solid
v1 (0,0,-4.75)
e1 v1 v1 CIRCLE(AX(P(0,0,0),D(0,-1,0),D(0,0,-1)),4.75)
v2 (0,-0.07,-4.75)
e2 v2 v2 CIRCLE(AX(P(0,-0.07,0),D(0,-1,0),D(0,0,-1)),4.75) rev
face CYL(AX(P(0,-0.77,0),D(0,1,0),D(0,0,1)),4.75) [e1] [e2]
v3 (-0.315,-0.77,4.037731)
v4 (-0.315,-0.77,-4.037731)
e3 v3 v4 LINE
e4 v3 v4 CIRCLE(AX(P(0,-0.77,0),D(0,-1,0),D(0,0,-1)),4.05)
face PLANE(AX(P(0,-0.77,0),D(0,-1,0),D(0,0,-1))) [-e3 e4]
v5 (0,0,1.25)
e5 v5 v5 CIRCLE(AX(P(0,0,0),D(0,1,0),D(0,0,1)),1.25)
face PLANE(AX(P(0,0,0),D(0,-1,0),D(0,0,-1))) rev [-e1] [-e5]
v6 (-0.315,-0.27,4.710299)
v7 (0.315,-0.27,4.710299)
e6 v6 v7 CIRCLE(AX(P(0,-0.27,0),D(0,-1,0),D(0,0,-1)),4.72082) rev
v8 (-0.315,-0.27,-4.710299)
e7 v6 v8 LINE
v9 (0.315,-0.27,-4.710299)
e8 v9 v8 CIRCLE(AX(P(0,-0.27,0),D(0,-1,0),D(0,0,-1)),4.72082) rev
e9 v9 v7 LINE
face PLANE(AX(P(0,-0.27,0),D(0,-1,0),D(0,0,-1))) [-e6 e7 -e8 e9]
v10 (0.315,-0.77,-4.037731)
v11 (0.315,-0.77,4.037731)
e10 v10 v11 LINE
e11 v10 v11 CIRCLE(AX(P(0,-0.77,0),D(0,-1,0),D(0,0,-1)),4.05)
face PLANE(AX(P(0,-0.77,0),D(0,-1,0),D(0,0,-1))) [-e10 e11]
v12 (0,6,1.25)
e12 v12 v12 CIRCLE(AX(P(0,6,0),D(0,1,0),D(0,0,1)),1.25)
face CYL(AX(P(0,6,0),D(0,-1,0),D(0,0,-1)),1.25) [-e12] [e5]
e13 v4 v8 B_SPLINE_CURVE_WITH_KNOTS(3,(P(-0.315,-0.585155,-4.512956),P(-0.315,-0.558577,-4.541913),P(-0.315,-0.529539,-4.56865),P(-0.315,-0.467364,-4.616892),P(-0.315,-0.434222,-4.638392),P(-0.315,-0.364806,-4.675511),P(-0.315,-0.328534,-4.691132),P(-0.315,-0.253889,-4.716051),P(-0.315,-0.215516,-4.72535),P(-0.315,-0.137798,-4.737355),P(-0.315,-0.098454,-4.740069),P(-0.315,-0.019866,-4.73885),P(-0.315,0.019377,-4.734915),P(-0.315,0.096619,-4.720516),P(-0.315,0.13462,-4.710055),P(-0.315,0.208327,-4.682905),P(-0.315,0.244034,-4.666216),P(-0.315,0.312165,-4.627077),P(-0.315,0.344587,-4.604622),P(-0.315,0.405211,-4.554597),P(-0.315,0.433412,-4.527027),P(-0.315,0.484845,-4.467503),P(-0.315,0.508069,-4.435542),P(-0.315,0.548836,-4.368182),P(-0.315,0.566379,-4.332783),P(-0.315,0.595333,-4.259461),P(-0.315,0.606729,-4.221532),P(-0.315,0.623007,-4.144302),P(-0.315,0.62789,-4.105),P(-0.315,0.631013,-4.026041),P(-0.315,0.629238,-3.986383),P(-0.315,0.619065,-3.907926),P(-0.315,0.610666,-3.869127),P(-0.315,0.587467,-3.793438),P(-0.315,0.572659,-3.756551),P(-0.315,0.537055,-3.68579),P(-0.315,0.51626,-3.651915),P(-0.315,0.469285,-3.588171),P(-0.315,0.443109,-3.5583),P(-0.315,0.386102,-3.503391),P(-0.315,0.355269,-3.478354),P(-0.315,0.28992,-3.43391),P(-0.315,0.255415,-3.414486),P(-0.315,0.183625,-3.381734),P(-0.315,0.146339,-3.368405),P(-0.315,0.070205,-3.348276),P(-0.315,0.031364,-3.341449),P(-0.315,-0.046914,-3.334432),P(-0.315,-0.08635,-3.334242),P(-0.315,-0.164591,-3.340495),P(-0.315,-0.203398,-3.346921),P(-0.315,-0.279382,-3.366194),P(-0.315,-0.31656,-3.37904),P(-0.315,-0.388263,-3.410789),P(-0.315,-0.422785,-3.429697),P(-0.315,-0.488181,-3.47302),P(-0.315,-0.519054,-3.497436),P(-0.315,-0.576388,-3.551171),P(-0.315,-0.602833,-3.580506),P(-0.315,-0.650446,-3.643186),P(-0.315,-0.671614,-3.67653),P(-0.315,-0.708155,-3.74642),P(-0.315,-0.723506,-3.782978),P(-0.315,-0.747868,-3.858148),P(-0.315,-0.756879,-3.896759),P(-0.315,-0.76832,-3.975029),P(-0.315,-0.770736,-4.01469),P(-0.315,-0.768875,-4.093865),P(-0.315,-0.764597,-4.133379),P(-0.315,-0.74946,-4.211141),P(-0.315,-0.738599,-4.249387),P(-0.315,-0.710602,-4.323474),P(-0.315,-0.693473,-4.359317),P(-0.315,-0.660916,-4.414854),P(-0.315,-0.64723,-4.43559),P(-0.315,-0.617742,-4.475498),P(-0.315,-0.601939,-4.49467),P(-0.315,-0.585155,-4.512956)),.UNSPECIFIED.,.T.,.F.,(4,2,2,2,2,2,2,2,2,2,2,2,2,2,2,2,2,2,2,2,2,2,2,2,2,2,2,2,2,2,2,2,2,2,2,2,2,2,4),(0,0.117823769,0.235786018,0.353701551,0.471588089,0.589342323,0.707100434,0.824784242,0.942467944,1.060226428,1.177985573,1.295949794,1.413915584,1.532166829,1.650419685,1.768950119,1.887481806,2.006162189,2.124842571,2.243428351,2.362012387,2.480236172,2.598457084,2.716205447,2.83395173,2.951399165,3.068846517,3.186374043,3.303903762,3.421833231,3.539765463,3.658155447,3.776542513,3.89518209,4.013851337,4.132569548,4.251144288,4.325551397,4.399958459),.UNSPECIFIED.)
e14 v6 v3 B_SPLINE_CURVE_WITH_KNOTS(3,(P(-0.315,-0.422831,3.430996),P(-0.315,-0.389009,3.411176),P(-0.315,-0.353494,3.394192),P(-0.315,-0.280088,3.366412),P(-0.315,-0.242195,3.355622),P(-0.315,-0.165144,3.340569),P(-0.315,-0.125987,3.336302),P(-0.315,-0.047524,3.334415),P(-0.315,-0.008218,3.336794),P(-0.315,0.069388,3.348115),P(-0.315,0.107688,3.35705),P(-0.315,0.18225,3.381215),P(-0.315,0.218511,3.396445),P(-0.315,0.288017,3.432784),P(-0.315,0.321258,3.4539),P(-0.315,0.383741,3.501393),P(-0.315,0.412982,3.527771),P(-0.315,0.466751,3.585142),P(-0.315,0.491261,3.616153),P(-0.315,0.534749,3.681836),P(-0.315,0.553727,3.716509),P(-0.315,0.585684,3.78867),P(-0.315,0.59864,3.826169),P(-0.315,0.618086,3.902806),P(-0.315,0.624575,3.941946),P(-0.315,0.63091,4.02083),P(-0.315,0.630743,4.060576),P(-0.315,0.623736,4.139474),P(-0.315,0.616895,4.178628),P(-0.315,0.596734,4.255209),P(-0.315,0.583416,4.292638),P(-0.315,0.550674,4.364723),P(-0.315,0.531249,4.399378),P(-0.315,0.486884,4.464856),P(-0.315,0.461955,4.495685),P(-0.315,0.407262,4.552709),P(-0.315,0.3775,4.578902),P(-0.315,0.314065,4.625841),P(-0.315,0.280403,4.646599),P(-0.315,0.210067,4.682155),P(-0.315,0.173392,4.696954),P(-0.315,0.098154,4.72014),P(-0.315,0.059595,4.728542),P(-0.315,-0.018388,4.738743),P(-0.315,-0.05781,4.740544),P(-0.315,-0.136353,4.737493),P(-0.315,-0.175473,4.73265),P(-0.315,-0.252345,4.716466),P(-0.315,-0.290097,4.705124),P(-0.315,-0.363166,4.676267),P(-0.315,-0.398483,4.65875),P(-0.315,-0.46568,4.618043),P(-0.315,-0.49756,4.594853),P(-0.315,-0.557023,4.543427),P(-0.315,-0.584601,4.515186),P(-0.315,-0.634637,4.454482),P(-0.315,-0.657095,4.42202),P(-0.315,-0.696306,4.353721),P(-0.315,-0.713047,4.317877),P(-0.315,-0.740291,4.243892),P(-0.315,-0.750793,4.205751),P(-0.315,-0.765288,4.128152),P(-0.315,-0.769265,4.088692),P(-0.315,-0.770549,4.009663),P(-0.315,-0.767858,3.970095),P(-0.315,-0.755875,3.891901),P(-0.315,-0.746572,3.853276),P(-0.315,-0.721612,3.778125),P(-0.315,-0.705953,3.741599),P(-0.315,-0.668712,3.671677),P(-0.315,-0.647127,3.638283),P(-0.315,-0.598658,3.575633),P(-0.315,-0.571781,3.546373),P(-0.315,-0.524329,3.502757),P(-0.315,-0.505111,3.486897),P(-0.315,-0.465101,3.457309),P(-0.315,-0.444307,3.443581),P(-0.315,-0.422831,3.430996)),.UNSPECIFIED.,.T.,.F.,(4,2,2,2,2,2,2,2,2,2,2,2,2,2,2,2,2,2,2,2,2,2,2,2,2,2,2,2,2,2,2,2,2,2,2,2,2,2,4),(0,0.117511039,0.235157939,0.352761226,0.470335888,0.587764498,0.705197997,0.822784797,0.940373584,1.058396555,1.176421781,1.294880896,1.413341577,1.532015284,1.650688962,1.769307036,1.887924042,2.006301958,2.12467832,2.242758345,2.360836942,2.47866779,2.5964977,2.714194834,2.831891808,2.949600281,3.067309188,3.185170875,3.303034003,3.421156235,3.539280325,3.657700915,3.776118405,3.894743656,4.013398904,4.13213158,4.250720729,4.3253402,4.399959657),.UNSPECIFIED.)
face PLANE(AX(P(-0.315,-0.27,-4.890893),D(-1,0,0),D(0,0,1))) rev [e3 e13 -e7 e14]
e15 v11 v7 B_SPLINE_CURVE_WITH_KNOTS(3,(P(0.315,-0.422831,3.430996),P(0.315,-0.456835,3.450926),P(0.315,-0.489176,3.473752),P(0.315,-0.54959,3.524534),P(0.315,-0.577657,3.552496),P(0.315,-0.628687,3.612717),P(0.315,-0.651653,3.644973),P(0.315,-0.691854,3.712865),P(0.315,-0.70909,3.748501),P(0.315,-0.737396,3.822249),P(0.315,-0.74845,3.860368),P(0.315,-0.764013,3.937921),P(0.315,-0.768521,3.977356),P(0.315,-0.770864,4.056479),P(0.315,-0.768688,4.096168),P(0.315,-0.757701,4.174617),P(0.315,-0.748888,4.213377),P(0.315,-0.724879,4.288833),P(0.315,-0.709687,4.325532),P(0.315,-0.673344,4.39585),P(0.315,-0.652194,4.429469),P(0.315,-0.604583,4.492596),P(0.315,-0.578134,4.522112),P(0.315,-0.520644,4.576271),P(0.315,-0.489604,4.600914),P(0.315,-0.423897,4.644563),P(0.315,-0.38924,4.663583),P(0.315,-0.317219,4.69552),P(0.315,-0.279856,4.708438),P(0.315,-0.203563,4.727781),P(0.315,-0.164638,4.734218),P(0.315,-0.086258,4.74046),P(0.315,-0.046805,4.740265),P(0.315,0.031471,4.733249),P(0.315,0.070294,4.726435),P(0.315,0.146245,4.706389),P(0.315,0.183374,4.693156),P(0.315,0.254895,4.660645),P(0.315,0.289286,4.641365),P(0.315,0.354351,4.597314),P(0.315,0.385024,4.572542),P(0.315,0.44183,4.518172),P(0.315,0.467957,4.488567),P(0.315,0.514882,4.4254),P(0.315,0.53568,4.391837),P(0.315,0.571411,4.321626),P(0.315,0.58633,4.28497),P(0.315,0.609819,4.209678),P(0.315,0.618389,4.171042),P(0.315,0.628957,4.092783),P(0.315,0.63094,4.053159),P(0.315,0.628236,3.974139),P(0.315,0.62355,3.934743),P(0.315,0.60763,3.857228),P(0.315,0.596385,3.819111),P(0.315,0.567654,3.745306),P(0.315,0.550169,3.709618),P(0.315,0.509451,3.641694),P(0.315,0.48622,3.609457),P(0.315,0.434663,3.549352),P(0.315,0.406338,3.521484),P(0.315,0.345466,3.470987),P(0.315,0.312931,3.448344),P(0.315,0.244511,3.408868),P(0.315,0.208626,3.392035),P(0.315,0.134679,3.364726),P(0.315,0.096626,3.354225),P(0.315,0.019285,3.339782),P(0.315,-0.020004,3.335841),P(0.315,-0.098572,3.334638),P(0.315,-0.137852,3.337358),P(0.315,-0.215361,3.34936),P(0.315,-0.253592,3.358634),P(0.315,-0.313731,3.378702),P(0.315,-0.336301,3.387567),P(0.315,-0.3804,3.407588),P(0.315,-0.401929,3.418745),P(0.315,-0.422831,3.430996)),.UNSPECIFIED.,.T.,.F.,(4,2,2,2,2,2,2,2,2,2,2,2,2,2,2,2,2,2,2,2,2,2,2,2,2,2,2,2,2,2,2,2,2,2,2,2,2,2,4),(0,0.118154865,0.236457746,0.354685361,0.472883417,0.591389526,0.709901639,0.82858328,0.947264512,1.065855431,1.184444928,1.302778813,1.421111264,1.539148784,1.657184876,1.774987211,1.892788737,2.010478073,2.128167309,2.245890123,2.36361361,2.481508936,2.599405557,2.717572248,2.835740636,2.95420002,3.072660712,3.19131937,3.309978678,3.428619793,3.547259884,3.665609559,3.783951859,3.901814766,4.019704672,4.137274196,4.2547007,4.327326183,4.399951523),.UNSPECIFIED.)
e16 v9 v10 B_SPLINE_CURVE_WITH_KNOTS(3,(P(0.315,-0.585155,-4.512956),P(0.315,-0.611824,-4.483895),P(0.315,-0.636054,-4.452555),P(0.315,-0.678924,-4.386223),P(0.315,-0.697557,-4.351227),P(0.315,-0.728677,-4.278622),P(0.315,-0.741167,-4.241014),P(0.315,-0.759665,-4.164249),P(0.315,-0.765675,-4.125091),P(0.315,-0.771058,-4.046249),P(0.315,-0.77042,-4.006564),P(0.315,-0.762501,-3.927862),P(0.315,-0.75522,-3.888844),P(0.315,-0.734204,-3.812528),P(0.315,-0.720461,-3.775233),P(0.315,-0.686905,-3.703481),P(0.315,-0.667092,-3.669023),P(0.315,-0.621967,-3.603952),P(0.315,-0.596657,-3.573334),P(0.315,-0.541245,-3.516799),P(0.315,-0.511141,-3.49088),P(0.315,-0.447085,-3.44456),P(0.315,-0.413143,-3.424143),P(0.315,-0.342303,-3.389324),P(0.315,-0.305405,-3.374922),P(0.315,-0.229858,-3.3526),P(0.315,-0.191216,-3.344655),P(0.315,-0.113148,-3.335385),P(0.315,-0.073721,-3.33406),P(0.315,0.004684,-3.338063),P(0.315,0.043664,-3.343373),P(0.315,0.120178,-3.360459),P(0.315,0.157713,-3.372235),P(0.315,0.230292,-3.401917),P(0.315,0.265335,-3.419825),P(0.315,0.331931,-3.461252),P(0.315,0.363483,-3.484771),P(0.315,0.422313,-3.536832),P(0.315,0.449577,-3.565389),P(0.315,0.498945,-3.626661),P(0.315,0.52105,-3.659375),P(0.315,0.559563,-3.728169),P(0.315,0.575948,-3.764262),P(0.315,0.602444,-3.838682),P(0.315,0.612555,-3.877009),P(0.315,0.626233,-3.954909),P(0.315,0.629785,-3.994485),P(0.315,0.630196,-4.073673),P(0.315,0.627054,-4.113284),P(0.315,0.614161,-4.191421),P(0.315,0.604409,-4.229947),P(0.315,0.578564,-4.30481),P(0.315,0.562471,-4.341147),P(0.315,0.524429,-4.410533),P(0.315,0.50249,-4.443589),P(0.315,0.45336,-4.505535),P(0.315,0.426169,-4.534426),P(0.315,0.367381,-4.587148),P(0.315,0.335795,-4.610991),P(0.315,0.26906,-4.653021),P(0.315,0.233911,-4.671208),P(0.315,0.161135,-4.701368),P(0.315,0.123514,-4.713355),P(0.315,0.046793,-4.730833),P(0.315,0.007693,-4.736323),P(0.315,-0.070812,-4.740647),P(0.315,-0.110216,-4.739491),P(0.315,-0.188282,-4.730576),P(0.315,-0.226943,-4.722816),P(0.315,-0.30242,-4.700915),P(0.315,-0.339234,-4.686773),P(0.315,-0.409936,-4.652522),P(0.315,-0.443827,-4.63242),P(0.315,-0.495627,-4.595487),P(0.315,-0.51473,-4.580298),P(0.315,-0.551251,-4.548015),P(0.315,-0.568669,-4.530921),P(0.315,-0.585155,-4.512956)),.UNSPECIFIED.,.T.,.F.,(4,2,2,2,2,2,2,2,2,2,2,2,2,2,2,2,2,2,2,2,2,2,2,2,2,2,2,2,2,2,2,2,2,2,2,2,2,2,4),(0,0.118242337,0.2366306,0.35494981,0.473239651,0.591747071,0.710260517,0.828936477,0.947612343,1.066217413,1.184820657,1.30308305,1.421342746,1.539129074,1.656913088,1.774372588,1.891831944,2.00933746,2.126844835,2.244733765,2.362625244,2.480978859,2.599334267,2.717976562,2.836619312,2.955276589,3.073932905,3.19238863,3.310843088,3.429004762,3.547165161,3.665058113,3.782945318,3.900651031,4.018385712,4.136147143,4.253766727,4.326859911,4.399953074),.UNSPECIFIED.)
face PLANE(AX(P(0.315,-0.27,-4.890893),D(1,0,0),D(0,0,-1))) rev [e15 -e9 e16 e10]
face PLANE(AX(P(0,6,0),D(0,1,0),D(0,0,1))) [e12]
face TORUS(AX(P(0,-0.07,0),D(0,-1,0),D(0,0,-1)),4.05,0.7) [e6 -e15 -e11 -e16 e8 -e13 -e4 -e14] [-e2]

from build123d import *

# Parameters (mm, degrees)
SKETCH1_R           = 1.25
BOSS_EXTRUDE1_DEPTH = 6
SKETCH3_R           = 4.75
BOSS_EXTRUDE3_DEPTH = 0.77
FILLET1_R           = 0.7
SKETCH4_W           = 0.63
SKETCH4_H           = 9.781785326
CUT_EXTRUDE1_DEPTH  = 0.5


with BuildPart() as part:
    # Sketch1 → Boss-Extrude1 (new body)
    with BuildSketch(Plane(origin=(0, 0, 0), x_dir=(1, 0, 0), z_dir=(0, 1, 0))):
        Circle(SKETCH1_R)
    extrude(amount=BOSS_EXTRUDE1_DEPTH)

    # Sketch3 → Boss-Extrude3 (add)
    with BuildSketch(Plane.XZ):
        Circle(SKETCH3_R)
    extrude(amount=BOSS_EXTRUDE3_DEPTH)

    # Fillet1
    fillet1_edges = [part.edges().sort_by_distance(p)[0] for p in [
        (-4.75, -0.77, 0),
    ]]
    fillet(fillet1_edges, radius=FILLET1_R)

    # Sketch4 → Cut-Extrude1 (cut)
    with BuildSketch(Plane.XZ.offset(0.77)):
        Rectangle(SKETCH4_W, SKETCH4_H)
    extrude(amount=-CUT_EXTRUDE1_DEPTH, mode=Mode.SUBTRACT)


solid = part.part
